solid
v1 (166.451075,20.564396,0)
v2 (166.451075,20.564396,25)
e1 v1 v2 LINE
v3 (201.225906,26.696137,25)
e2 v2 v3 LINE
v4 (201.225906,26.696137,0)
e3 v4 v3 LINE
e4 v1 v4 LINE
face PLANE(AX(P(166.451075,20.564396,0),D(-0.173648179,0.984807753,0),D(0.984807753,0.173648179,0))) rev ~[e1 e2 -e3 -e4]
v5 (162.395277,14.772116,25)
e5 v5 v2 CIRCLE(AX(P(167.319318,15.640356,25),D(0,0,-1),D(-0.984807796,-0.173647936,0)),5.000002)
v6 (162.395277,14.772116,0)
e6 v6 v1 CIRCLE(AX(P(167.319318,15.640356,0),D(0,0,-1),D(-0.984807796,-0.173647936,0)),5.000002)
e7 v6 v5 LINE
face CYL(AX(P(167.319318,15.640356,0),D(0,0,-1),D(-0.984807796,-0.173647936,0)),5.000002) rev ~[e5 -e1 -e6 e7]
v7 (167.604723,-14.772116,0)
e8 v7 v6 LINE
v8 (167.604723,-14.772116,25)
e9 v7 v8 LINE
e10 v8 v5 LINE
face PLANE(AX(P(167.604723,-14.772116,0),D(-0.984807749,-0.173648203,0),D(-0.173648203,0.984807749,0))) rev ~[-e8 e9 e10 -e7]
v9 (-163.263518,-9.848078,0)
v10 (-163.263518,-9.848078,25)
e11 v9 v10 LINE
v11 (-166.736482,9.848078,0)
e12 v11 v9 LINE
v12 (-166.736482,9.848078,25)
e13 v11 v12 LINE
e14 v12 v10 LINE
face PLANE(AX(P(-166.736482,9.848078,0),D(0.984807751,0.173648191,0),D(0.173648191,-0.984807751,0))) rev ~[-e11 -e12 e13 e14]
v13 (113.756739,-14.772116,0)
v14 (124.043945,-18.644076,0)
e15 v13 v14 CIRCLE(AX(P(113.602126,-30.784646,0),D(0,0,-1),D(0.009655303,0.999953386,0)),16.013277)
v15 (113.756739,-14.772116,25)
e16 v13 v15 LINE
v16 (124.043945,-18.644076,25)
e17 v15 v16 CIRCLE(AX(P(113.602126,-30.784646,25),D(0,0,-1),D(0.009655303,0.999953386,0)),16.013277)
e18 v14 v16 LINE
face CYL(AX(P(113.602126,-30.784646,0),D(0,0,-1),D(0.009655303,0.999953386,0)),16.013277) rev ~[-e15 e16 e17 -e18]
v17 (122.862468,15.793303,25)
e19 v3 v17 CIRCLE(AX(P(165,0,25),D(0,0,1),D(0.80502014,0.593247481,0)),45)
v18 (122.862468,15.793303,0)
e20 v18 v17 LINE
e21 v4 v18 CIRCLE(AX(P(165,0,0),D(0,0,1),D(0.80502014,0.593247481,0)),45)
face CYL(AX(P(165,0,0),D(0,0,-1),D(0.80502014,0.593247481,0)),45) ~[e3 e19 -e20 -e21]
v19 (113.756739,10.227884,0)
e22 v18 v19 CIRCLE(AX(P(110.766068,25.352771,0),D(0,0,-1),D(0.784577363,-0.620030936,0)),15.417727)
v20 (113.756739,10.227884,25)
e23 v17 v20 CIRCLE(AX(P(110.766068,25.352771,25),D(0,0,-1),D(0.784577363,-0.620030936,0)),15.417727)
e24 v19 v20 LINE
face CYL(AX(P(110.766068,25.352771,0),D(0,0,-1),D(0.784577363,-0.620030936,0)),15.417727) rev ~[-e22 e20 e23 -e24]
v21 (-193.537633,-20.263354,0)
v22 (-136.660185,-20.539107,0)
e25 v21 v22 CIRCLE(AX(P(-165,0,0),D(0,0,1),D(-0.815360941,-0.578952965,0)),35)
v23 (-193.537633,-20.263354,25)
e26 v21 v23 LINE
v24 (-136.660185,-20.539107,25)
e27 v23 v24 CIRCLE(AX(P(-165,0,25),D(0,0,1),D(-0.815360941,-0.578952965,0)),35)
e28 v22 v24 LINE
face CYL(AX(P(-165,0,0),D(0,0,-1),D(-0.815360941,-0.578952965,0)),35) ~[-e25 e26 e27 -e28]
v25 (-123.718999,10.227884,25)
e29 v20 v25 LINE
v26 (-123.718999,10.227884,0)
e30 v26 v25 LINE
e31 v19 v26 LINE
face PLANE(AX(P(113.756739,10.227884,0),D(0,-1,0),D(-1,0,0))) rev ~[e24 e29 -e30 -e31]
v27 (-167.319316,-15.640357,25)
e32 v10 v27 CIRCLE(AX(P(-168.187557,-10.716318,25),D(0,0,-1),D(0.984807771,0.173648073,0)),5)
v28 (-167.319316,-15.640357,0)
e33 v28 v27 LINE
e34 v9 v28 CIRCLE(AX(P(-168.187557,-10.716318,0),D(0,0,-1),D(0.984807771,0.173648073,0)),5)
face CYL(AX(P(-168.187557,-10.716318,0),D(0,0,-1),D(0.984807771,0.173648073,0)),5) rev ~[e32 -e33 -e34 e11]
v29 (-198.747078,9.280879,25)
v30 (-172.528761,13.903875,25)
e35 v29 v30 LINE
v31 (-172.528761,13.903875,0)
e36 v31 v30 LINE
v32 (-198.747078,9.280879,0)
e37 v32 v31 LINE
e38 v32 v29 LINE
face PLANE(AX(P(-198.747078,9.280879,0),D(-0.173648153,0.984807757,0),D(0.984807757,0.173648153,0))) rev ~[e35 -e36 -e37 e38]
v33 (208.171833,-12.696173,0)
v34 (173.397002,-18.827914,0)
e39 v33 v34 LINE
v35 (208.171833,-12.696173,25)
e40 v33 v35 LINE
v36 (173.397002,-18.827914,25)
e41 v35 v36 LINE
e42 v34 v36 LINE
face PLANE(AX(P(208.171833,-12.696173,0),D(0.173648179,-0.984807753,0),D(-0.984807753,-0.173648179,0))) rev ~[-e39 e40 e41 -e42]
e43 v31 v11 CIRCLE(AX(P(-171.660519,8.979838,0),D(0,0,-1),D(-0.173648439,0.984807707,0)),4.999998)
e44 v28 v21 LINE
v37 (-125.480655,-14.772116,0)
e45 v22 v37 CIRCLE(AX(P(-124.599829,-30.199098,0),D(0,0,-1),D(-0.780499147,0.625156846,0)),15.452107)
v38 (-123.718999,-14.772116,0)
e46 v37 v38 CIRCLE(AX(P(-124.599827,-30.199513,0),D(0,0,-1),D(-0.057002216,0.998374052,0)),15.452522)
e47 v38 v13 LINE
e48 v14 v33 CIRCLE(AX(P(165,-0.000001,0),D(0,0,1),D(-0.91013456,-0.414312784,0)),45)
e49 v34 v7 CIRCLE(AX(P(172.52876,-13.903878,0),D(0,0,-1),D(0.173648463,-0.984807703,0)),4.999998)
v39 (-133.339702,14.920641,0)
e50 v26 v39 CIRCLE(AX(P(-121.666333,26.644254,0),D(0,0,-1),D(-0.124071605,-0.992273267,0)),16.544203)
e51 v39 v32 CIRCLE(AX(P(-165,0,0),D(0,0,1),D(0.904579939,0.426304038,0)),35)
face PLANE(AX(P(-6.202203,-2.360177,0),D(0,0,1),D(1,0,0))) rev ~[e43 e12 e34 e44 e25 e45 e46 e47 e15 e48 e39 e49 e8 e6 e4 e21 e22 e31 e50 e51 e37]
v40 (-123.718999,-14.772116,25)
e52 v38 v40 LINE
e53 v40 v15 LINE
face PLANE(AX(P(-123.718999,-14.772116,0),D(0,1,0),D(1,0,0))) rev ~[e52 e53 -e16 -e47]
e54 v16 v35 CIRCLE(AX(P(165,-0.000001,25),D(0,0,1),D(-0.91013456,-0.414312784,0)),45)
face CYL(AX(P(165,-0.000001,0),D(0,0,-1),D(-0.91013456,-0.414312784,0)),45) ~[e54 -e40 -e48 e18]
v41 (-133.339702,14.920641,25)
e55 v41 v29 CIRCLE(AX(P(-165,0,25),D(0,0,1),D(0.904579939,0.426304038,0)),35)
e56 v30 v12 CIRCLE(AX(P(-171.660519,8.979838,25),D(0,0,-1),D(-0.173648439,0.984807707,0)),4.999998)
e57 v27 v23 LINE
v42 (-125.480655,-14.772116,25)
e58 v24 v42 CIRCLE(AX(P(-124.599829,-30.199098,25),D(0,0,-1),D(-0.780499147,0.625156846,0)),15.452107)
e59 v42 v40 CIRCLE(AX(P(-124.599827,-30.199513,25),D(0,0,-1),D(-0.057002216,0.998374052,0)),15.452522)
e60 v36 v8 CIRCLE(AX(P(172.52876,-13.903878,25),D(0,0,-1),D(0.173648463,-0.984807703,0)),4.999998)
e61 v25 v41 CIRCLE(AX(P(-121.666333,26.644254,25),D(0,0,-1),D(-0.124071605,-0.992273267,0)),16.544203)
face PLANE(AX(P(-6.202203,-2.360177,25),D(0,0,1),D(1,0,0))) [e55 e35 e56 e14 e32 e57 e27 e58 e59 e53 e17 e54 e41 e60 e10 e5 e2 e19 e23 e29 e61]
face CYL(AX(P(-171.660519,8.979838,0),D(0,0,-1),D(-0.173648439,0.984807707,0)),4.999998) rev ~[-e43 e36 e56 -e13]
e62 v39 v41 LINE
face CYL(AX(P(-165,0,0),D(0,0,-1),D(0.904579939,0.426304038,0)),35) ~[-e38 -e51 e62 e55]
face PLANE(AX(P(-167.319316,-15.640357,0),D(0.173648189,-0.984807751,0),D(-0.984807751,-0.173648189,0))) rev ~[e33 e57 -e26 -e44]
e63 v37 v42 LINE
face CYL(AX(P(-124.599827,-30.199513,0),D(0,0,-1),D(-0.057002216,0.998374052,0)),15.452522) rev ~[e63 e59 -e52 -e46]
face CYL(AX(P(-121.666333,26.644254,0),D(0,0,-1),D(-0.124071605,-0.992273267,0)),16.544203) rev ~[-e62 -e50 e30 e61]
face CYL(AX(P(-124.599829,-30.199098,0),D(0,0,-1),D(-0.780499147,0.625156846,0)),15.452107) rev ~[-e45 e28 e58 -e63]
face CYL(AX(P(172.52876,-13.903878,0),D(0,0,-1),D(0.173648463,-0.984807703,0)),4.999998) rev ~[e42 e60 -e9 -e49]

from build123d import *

# Parameters (mm, degrees)
F1_DEPTH = 25


with BuildPart() as f1:
    # F0 (on Top) → F1 (new body)
    with BuildSketch(Plane.XY):
        with BuildLine():
            Line((113.756739, 10.227884), (-123.718999, 10.227884))
            ThreePointArc((-123.718999, 10.227884), (-128.919367, 11.774683), (-133.339702, 14.920641))
            ThreePointArc((-133.339702, 14.920641), (-130.152449, -3.263157), (-136.660185, -20.539107))
            ThreePointArc((-136.660185, -20.539107), (-131.683832, -16.46649), (-125.480655, -14.772116))
            ThreePointArc((-125.480655, -14.772116), (-124.599827, -14.746991), (-123.718999, -14.772116))
            Line((-123.718999, -14.772116), (113.756739, -14.772116))
            ThreePointArc((113.756739, -14.772116), (119.242969, -15.797788), (124.043945, -18.644076))
            ThreePointArc((124.043945, -18.644076), (120.02646, -1.542952), (122.862468, 15.793303))
            ThreePointArc((122.862468, 15.793303), (118.806491, 12.197623), (113.756739, 10.227884))
        make_face()
        with BuildLine():
            ThreePointArc((-136.660185, -20.539107), (-130.152449, -3.263157), (-133.339702, 14.920641))
            ThreePointArc((-133.339702, 14.920641), (-168.006725, 34.870612), (-198.747078, 9.280879))
            Line((-198.747078, 9.280879), (-172.528761, 13.903875))
            ThreePointArc((-172.528761, 13.903875), (-168.792638, 13.075597), (-166.736482, 9.848078))
            Line((-166.736482, 9.848078), (-163.263518, -9.848078))
            ThreePointArc((-163.263518, -9.848078), (-164.091797, -13.584201), (-167.319316, -15.640357))
            Line((-167.319316, -15.640357), (-193.537633, -20.263354))
            ThreePointArc((-193.537633, -20.263354), (-165.169685, -34.999589), (-136.660185, -20.539107))
        make_face()
        with BuildLine():
            ThreePointArc((201.225906, 26.696137), (158.798808, 44.570677), (122.862468, 15.793303))
            ThreePointArc((122.862468, 15.793303), (120.02646, -1.542952), (124.043945, -18.644076))
            ThreePointArc((124.043945, -18.644076), (168.173611, -44.887952), (208.171833, -12.696173))
            Line((208.171833, -12.696173), (173.397002, -18.827914))
            ThreePointArc((173.397002, -18.827914), (169.660879, -17.999636), (167.604723, -14.772116))
            Line((167.604723, -14.772116), (162.395277, 14.772116))
            ThreePointArc((162.395277, 14.772116), (163.223556, 18.508239), (166.451075, 20.564396))
            Line((166.451075, 20.564396), (201.225906, 26.696137))
        make_face()
    extrude(amount=F1_DEPTH)


solid = f1.part
